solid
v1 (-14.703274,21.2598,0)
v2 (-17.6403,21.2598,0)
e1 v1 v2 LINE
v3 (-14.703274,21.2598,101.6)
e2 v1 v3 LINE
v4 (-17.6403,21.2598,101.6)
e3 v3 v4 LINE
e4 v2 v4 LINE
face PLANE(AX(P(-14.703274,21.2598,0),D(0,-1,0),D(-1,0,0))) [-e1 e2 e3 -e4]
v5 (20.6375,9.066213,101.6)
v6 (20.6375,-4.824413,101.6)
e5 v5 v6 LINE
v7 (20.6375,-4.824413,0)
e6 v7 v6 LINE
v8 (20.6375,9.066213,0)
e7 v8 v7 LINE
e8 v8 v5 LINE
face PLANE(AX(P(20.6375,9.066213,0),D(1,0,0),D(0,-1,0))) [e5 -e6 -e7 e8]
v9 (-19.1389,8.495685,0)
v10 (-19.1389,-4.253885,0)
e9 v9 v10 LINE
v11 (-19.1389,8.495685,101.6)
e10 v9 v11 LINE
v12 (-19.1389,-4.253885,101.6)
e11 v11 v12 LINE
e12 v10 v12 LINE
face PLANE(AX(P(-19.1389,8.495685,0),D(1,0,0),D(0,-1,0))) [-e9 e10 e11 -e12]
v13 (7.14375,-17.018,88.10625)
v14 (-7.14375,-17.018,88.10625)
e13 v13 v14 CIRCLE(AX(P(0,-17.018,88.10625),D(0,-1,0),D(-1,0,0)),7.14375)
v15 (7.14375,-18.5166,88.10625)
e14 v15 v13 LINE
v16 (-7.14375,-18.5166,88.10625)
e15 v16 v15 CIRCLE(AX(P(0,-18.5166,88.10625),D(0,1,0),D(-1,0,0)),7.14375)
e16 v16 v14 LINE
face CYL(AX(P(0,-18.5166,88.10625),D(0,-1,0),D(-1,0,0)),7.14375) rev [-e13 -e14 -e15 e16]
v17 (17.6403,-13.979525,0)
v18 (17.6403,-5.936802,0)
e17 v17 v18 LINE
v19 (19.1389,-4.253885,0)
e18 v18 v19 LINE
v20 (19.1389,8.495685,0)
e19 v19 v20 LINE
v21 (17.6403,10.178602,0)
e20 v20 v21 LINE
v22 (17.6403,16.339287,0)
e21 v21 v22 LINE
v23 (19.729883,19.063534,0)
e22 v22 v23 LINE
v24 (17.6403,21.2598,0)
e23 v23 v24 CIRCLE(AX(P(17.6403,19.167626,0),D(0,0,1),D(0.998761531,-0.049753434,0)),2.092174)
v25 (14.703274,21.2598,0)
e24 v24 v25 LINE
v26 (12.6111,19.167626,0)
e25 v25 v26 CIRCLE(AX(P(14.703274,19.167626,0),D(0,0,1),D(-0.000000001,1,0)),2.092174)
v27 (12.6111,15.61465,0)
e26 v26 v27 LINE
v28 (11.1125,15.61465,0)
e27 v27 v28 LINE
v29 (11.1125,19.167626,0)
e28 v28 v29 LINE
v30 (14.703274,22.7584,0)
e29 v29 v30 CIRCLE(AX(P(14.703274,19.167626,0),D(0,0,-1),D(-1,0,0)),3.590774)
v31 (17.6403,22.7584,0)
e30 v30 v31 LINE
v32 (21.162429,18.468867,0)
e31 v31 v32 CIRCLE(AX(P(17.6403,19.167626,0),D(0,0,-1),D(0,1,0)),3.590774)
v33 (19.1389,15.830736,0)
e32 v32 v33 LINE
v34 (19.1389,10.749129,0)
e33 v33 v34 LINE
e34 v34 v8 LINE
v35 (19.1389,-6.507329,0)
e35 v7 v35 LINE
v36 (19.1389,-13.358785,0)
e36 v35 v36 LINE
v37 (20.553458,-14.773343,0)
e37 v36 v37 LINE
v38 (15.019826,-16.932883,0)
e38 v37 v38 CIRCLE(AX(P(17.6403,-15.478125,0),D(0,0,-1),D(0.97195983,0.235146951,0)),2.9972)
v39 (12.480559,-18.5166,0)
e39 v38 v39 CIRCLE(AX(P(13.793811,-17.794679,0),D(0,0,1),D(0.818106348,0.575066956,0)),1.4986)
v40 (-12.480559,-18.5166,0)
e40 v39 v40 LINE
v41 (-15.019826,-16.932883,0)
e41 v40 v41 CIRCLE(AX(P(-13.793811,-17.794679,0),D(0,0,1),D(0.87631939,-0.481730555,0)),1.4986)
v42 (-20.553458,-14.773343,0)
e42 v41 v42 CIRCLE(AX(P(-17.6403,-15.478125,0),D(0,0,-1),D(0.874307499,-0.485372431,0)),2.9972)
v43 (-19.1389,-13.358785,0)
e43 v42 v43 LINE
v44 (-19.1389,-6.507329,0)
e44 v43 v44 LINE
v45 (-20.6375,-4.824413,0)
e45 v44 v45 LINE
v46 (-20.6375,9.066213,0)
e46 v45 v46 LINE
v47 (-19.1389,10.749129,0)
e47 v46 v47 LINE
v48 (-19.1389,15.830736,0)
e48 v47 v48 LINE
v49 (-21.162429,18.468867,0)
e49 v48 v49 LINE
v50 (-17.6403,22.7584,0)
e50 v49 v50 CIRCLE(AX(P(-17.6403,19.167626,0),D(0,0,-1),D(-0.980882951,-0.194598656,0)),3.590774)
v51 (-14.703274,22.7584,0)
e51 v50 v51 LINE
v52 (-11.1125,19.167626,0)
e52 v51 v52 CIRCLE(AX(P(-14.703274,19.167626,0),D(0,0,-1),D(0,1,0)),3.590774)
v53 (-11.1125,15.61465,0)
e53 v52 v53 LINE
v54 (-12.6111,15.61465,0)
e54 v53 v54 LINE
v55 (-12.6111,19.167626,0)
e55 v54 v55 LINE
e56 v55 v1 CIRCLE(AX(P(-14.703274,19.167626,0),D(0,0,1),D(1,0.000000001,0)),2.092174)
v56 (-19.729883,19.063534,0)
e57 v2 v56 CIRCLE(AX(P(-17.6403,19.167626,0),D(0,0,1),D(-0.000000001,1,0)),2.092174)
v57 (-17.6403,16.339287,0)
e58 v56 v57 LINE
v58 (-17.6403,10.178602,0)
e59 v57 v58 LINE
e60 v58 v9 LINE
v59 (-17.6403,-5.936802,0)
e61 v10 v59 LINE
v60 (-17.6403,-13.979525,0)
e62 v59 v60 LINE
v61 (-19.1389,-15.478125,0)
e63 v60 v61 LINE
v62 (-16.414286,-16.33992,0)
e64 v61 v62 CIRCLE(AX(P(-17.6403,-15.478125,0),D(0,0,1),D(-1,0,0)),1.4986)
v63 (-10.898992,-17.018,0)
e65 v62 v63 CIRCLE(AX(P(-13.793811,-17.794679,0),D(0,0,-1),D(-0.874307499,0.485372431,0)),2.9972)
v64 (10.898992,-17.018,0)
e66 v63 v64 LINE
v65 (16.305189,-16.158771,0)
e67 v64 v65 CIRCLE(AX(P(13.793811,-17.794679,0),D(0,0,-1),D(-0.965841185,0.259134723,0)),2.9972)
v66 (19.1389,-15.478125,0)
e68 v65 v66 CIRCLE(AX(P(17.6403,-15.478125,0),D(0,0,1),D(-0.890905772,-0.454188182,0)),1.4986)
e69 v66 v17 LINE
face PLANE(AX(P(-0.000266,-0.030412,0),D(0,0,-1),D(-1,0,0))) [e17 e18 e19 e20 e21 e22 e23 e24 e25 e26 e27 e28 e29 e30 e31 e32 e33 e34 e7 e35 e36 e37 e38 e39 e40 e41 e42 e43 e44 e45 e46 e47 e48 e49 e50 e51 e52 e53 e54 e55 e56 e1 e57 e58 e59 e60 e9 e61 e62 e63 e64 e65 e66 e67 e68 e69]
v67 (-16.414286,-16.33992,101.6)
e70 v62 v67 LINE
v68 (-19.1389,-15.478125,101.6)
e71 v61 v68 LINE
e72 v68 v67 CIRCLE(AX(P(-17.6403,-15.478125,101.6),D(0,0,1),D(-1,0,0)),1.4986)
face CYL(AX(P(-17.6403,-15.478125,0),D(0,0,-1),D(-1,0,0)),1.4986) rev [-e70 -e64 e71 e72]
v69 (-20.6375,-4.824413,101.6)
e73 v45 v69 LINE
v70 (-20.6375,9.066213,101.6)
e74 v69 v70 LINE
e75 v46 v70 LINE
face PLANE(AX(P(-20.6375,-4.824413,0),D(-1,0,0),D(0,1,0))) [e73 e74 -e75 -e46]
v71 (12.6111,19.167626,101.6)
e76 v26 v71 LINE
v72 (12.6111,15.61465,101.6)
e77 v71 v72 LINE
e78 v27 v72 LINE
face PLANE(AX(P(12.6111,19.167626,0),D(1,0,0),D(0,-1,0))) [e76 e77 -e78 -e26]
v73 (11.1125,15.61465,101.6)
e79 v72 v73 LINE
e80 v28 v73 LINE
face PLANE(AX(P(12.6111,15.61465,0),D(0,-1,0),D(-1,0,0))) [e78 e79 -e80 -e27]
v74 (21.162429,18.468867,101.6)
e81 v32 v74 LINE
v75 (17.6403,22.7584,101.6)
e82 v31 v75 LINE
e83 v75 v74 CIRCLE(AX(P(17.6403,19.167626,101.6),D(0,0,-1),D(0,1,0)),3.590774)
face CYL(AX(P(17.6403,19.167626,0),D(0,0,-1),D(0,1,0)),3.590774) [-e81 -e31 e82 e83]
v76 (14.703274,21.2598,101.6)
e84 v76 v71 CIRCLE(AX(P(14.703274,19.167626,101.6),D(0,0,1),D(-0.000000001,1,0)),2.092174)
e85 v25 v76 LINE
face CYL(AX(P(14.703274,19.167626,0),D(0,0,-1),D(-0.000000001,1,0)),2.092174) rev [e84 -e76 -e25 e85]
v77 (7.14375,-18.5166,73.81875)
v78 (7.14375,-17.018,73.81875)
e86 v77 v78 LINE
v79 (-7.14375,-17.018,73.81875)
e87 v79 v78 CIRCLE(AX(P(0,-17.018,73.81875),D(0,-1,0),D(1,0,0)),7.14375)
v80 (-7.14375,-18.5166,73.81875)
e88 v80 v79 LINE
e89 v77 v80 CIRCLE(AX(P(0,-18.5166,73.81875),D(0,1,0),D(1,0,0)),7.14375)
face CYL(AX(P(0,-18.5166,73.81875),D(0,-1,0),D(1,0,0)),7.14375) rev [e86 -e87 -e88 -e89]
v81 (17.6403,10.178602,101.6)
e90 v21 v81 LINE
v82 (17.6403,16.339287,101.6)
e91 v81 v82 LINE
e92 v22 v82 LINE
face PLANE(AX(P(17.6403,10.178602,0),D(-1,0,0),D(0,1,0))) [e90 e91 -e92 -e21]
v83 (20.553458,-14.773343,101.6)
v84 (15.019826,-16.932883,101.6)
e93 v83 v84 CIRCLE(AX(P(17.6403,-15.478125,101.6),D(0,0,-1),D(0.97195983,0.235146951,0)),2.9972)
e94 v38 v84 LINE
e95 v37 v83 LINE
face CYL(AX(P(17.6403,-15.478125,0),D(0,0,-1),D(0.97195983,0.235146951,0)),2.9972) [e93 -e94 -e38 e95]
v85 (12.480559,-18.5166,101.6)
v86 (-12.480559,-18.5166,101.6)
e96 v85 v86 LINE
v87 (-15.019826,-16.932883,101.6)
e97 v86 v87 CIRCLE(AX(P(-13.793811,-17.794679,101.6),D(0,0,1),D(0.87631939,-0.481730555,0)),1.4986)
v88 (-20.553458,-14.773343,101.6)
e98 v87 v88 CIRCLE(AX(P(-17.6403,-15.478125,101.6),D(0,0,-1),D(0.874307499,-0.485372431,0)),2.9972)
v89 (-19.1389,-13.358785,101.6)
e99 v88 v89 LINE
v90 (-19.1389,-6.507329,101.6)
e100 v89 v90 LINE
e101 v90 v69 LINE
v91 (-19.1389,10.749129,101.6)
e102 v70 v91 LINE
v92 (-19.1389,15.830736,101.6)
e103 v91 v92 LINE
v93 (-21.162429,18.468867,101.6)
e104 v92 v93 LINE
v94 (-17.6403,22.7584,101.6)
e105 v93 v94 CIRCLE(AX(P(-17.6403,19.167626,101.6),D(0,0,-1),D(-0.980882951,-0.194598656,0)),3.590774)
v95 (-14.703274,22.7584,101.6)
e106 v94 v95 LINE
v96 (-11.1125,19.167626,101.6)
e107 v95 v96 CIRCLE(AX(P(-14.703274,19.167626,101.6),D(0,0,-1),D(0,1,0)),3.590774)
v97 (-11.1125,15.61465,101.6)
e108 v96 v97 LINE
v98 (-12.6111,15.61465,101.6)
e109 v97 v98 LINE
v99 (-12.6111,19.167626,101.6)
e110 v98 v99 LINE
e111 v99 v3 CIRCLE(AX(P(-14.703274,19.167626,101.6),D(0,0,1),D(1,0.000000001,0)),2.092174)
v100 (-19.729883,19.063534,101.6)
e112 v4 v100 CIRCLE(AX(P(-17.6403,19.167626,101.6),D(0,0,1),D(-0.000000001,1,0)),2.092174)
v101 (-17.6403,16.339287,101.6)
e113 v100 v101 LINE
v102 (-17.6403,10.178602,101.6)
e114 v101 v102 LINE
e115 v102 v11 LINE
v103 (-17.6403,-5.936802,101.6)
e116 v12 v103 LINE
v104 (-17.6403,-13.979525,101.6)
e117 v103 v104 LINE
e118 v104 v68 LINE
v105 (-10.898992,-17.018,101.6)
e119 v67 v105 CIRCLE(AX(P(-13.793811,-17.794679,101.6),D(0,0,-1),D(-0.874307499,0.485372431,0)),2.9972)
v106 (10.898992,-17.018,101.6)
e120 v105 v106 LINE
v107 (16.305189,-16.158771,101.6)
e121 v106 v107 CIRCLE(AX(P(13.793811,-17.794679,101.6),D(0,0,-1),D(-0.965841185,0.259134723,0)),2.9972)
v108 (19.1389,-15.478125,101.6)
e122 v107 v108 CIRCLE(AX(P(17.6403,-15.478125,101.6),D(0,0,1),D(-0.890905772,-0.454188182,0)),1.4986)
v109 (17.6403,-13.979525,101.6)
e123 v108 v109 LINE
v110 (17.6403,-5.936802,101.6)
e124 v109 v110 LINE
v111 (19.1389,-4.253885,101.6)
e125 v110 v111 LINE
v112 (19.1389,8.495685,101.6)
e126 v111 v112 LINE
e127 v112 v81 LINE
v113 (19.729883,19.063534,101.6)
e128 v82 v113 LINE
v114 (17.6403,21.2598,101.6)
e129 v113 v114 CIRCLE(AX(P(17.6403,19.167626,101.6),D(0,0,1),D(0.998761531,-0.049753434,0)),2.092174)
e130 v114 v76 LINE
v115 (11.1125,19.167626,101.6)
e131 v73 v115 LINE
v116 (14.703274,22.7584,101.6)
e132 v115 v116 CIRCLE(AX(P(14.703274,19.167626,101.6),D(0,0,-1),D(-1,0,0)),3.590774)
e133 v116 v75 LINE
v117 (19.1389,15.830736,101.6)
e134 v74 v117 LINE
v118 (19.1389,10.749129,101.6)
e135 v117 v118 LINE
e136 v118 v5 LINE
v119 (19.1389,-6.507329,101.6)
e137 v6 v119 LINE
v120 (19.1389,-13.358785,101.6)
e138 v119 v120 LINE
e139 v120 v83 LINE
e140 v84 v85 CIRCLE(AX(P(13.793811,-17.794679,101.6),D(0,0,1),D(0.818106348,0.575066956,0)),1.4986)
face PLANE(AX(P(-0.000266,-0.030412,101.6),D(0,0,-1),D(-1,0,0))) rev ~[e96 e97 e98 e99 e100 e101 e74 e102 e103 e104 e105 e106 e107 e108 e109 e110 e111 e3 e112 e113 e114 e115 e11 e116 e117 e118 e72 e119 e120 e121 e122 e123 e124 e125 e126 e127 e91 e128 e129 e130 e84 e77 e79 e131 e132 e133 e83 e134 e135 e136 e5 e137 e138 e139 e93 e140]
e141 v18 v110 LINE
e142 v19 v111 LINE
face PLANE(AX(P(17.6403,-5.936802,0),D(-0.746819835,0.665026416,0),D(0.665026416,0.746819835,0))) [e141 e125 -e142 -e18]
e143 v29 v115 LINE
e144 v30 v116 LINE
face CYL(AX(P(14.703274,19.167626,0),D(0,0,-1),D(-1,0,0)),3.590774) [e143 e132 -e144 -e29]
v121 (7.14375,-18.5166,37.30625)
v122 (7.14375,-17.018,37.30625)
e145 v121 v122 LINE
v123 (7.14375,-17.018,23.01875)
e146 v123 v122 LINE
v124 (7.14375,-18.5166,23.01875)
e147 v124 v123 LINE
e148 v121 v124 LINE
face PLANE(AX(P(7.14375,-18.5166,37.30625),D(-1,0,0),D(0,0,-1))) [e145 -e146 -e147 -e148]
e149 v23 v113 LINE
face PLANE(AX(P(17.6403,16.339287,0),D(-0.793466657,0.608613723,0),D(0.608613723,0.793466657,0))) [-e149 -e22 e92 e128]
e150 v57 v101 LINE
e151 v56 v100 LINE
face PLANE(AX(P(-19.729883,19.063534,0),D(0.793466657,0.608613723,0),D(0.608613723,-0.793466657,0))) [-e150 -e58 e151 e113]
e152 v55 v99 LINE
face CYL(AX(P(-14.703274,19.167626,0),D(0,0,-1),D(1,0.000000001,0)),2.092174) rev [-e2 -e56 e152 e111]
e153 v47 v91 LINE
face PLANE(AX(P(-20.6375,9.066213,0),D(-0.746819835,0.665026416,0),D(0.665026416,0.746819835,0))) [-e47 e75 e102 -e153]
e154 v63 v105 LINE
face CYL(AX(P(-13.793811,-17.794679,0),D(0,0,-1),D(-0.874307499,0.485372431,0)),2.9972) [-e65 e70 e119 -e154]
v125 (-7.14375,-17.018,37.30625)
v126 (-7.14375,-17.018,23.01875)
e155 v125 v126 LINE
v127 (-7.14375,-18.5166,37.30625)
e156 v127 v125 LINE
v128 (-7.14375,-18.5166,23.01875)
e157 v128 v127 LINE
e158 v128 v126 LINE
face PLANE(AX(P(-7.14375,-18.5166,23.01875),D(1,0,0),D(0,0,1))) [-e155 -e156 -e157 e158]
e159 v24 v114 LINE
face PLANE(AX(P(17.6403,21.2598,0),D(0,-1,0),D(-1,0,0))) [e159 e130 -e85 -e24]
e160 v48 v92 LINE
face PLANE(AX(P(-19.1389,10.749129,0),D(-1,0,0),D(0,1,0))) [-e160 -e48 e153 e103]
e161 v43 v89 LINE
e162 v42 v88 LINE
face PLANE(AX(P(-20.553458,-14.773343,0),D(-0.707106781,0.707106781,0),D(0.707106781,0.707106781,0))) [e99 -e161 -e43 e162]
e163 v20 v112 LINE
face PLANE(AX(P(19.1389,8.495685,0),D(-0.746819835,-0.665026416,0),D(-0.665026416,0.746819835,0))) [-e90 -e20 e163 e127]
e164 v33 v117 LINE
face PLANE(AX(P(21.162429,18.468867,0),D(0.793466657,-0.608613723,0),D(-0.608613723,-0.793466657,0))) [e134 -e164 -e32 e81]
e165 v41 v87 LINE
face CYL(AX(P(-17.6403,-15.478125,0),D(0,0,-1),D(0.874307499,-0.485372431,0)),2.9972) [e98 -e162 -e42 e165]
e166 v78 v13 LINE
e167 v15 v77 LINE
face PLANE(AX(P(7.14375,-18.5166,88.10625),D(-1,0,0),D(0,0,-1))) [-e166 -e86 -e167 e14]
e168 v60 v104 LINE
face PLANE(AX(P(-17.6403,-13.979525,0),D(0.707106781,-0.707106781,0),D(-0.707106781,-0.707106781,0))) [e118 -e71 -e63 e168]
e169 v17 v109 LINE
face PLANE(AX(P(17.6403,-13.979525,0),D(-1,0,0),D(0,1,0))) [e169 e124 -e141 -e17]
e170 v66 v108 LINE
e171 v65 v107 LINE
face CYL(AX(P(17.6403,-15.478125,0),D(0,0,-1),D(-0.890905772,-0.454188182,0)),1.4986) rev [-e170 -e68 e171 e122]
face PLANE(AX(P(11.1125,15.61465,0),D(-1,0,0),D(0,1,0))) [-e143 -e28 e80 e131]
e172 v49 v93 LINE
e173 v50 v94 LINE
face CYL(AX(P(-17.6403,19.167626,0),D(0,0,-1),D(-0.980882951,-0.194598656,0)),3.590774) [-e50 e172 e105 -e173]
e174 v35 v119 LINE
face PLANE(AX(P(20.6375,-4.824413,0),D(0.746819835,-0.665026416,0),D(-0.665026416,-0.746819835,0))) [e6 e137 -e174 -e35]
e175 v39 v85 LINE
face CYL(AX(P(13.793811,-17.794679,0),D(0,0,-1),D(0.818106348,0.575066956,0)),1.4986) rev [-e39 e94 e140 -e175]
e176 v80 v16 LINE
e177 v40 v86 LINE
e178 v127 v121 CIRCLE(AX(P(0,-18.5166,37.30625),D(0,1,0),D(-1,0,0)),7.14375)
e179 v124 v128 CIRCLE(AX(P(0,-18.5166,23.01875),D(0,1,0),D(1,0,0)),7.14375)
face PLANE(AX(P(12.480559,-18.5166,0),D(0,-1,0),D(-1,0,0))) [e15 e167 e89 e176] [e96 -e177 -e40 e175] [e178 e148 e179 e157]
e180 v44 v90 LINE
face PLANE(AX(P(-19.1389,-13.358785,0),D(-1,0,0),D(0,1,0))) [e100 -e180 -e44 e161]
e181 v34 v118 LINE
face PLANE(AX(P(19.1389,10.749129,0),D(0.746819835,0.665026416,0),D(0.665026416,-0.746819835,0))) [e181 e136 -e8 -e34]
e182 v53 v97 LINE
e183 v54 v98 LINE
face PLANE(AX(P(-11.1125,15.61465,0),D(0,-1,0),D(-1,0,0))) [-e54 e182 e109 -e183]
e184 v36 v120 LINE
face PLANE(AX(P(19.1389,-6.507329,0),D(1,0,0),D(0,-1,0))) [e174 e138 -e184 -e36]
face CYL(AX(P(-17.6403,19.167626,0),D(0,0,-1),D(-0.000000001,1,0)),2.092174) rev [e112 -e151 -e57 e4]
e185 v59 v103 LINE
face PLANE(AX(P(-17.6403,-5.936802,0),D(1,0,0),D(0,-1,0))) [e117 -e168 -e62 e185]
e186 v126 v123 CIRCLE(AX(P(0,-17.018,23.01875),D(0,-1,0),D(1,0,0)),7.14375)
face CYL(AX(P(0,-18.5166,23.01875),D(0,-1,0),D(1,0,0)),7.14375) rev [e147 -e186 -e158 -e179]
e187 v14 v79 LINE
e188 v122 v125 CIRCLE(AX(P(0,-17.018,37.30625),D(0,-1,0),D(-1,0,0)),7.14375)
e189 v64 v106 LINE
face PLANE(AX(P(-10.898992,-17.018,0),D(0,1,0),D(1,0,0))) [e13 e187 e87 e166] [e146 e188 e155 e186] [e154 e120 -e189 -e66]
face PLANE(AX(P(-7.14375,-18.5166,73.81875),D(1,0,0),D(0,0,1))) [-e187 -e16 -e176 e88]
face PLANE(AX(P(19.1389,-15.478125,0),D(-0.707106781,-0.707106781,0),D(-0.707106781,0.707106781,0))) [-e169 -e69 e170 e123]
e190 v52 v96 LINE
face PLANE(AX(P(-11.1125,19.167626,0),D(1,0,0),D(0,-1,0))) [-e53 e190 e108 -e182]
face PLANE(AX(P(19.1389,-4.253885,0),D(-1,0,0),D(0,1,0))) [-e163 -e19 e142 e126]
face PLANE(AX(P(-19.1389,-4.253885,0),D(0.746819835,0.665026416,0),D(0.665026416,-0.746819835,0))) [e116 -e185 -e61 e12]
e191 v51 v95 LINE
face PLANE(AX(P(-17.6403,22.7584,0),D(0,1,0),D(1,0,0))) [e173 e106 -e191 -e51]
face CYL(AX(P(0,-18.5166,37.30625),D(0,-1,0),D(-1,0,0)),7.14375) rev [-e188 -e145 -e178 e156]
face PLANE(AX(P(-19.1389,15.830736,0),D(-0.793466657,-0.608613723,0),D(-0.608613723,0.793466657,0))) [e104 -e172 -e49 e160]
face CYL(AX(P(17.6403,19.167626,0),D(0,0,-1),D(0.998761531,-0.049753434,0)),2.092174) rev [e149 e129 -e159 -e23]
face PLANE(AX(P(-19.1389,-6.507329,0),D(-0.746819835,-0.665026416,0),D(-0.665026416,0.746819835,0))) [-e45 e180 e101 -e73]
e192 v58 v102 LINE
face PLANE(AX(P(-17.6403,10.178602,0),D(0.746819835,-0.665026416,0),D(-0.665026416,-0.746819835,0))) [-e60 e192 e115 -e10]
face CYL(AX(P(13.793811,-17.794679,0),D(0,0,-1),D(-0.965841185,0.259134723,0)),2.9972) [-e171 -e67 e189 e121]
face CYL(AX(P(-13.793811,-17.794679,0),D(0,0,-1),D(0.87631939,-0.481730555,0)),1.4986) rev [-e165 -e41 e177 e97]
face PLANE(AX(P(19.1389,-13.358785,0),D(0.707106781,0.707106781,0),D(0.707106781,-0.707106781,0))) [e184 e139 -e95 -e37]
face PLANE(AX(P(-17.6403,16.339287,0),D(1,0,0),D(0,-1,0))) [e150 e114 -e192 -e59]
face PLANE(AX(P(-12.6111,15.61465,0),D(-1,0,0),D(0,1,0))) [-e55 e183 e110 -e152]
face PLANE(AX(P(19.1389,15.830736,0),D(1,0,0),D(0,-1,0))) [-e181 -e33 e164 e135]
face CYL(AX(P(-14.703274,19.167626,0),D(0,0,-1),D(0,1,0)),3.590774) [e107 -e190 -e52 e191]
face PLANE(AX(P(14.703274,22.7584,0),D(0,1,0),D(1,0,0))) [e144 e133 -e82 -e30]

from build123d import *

# Parameters (mm, degrees)
BASE_EXTRUDE_DEPTH = 101.6
SLOT_DEPTH         = 127.877735455
LPATTERN1_COUNT    = 2
LPATTERN1_PITCH    = 50.8


with BuildPart() as part:
    # Sketch1 → Base-Extrude (new body)
    with BuildSketch(Plane.XY):
        with BuildLine():
            Line((17.6403, 16.339286512), (19.729882578, 19.063533504))
            ThreePointArc((19.729882578, 19.063533504), (19.156045845, 20.609744632), (17.6403, 21.2598))
            Line((17.6403, 21.2598), (14.70327367, 21.2598))
            ThreePointArc((14.70327367, 21.2598), (13.223883481, 20.647016519), (12.6111, 19.16762633))
            Line((12.6111, 19.16762633), (12.6111, 15.61465))
            Line((12.6111, 15.61465), (11.1125, 15.61465))
            Line((11.1125, 15.61465), (11.1125, 19.16762633))
            ThreePointArc((11.1125, 19.16762633), (12.164213258, 21.706686742), (14.70327367, 22.7584))
            Line((14.70327367, 22.7584), (17.6403, 22.7584))
            ThreePointArc((17.6403, 22.7584), (20.415434554, 21.446284653), (21.162428673, 18.4688666))
            Line((21.162428673, 18.4688666), (19.1389, 15.830735923))
            Line((19.1389, 15.830735923), (19.1389, 10.749129415))
            Line((19.1389, 10.749129415), (20.6375, 9.0662125))
            Line((20.6375, 9.0662125), (20.6375, -4.8244125))
            Line((20.6375, -4.8244125), (19.1389, -6.507329415))
            Line((19.1389, -6.507329415), (19.1389, -13.358784555))
            Line((19.1389, -13.358784555), (20.553458003, -14.773342558))
            ThreePointArc((20.553458003, -14.773342558), (18.729942105, -18.270236732), (15.019825564, -16.932883251))
            ThreePointArc((15.019825564, -16.932883251), (13.000752562, -16.523120627), (12.480559153, -18.5166))
            Line((12.480559153, -18.5166), (-12.480559153, -18.5166))
            ThreePointArc((-12.480559153, -18.5166), (-13.000752562, -16.523120627), (-15.019825564, -16.932883251))
            ThreePointArc((-15.019825564, -16.932883251), (-18.729942105, -18.270236732), (-20.553458003, -14.773342558))
            Line((-20.553458003, -14.773342558), (-19.1389, -13.358784555))
            Line((-19.1389, -13.358784555), (-19.1389, -6.507329415))
            Line((-19.1389, -6.507329415), (-20.6375, -4.8244125))
            Line((-20.6375, -4.8244125), (-20.6375, 9.0662125))
            Line((-20.6375, 9.0662125), (-19.1389, 10.749129415))
            Line((-19.1389, 10.749129415), (-19.1389, 15.830735923))
            Line((-19.1389, 15.830735923), (-21.162428673, 18.4688666))
            ThreePointArc((-21.162428673, 18.4688666), (-20.415434554, 21.446284653), (-17.6403, 22.7584))
            Line((-17.6403, 22.7584), (-14.70327367, 22.7584))
            ThreePointArc((-14.70327367, 22.7584), (-12.164213258, 21.706686742), (-11.1125, 19.16762633))
            Line((-11.1125, 19.16762633), (-11.1125, 15.61465))
            Line((-11.1125, 15.61465), (-12.6111, 15.61465))
            Line((-12.6111, 15.61465), (-12.6111, 19.16762633))
            ThreePointArc((-12.6111, 19.16762633), (-13.223883481, 20.647016519), (-14.70327367, 21.2598))
            Line((-14.70327367, 21.2598), (-17.6403, 21.2598))
            ThreePointArc((-17.6403, 21.2598), (-19.156045845, 20.609744632), (-19.729882578, 19.063533504))
            Line((-19.729882578, 19.063533504), (-17.6403, 16.339286512))
            Line((-17.6403, 16.339286512), (-17.6403, 10.17860201))
            Line((-17.6403, 10.17860201), (-19.1389, 8.495685095))
            Line((-19.1389, 8.495685095), (-19.1389, -4.253885095))
            Line((-19.1389, -4.253885095), (-17.6403, -5.93680201))
            Line((-17.6403, -5.93680201), (-17.6403, -13.979525))
            Line((-17.6403, -13.979525), (-19.1389, -15.478125))
            ThreePointArc((-19.1389, -15.478125), (-18.092238669, -16.906954381), (-16.414285827, -16.33992034))
            ThreePointArc((-16.414285827, -16.33992034), (-13.428073412, -14.819877156), (-10.898992189, -17.018))
            Line((-10.898992189, -17.018), (10.898992189, -17.018))
            ThreePointArc((10.898992189, -17.018), (13.323359075, -14.834630878), (16.30518861, -16.15877141))
            ThreePointArc((16.30518861, -16.15877141), (17.990302879, -16.935279743), (19.1389, -15.478125))
            Line((19.1389, -15.478125), (17.6403, -13.979525))
            Line((17.6403, -13.979525), (17.6403, -5.93680201))
            Line((17.6403, -5.93680201), (19.1389, -4.253885095))
            Line((19.1389, -4.253885095), (19.1389, 8.495685095))
            Line((19.1389, 8.495685095), (17.6403, 10.17860201))
            Line((17.6403, 10.17860201), (17.6403, 16.339286512))
        make_face()
    extrude(amount=BASE_EXTRUDE_DEPTH)

    # Sketch2 → Slot (cut, through all)
    with BuildSketch(Plane(origin=(-0.093451067, -18.5166, -16.466077999), x_dir=(1, 0, 0), z_dir=(0, -1, 0))):
        with BuildLine():
            Line((7.237201067, 53.772327999), (7.237201067, 39.484827999))
            ThreePointArc((7.237201067, 39.484827999), (0.093451067, 32.341077999), (-7.050298933, 39.484827999))
            Line((-7.050298933, 39.484827999), (-7.050298933, 53.772327999))
            ThreePointArc((-7.050298933, 53.772327999), (0.093451067, 60.916077999), (7.237201067, 53.772327999))
        make_face()
    slot = extrude(amount=-SLOT_DEPTH, mode=Mode.SUBTRACT)

    # LPattern1: Slot ×2
    with Locations(*[(0, 0, i * LPATTERN1_PITCH) for i in range(1, LPATTERN1_COUNT)]):
        add(slot, mode=Mode.SUBTRACT)


solid = part.part
